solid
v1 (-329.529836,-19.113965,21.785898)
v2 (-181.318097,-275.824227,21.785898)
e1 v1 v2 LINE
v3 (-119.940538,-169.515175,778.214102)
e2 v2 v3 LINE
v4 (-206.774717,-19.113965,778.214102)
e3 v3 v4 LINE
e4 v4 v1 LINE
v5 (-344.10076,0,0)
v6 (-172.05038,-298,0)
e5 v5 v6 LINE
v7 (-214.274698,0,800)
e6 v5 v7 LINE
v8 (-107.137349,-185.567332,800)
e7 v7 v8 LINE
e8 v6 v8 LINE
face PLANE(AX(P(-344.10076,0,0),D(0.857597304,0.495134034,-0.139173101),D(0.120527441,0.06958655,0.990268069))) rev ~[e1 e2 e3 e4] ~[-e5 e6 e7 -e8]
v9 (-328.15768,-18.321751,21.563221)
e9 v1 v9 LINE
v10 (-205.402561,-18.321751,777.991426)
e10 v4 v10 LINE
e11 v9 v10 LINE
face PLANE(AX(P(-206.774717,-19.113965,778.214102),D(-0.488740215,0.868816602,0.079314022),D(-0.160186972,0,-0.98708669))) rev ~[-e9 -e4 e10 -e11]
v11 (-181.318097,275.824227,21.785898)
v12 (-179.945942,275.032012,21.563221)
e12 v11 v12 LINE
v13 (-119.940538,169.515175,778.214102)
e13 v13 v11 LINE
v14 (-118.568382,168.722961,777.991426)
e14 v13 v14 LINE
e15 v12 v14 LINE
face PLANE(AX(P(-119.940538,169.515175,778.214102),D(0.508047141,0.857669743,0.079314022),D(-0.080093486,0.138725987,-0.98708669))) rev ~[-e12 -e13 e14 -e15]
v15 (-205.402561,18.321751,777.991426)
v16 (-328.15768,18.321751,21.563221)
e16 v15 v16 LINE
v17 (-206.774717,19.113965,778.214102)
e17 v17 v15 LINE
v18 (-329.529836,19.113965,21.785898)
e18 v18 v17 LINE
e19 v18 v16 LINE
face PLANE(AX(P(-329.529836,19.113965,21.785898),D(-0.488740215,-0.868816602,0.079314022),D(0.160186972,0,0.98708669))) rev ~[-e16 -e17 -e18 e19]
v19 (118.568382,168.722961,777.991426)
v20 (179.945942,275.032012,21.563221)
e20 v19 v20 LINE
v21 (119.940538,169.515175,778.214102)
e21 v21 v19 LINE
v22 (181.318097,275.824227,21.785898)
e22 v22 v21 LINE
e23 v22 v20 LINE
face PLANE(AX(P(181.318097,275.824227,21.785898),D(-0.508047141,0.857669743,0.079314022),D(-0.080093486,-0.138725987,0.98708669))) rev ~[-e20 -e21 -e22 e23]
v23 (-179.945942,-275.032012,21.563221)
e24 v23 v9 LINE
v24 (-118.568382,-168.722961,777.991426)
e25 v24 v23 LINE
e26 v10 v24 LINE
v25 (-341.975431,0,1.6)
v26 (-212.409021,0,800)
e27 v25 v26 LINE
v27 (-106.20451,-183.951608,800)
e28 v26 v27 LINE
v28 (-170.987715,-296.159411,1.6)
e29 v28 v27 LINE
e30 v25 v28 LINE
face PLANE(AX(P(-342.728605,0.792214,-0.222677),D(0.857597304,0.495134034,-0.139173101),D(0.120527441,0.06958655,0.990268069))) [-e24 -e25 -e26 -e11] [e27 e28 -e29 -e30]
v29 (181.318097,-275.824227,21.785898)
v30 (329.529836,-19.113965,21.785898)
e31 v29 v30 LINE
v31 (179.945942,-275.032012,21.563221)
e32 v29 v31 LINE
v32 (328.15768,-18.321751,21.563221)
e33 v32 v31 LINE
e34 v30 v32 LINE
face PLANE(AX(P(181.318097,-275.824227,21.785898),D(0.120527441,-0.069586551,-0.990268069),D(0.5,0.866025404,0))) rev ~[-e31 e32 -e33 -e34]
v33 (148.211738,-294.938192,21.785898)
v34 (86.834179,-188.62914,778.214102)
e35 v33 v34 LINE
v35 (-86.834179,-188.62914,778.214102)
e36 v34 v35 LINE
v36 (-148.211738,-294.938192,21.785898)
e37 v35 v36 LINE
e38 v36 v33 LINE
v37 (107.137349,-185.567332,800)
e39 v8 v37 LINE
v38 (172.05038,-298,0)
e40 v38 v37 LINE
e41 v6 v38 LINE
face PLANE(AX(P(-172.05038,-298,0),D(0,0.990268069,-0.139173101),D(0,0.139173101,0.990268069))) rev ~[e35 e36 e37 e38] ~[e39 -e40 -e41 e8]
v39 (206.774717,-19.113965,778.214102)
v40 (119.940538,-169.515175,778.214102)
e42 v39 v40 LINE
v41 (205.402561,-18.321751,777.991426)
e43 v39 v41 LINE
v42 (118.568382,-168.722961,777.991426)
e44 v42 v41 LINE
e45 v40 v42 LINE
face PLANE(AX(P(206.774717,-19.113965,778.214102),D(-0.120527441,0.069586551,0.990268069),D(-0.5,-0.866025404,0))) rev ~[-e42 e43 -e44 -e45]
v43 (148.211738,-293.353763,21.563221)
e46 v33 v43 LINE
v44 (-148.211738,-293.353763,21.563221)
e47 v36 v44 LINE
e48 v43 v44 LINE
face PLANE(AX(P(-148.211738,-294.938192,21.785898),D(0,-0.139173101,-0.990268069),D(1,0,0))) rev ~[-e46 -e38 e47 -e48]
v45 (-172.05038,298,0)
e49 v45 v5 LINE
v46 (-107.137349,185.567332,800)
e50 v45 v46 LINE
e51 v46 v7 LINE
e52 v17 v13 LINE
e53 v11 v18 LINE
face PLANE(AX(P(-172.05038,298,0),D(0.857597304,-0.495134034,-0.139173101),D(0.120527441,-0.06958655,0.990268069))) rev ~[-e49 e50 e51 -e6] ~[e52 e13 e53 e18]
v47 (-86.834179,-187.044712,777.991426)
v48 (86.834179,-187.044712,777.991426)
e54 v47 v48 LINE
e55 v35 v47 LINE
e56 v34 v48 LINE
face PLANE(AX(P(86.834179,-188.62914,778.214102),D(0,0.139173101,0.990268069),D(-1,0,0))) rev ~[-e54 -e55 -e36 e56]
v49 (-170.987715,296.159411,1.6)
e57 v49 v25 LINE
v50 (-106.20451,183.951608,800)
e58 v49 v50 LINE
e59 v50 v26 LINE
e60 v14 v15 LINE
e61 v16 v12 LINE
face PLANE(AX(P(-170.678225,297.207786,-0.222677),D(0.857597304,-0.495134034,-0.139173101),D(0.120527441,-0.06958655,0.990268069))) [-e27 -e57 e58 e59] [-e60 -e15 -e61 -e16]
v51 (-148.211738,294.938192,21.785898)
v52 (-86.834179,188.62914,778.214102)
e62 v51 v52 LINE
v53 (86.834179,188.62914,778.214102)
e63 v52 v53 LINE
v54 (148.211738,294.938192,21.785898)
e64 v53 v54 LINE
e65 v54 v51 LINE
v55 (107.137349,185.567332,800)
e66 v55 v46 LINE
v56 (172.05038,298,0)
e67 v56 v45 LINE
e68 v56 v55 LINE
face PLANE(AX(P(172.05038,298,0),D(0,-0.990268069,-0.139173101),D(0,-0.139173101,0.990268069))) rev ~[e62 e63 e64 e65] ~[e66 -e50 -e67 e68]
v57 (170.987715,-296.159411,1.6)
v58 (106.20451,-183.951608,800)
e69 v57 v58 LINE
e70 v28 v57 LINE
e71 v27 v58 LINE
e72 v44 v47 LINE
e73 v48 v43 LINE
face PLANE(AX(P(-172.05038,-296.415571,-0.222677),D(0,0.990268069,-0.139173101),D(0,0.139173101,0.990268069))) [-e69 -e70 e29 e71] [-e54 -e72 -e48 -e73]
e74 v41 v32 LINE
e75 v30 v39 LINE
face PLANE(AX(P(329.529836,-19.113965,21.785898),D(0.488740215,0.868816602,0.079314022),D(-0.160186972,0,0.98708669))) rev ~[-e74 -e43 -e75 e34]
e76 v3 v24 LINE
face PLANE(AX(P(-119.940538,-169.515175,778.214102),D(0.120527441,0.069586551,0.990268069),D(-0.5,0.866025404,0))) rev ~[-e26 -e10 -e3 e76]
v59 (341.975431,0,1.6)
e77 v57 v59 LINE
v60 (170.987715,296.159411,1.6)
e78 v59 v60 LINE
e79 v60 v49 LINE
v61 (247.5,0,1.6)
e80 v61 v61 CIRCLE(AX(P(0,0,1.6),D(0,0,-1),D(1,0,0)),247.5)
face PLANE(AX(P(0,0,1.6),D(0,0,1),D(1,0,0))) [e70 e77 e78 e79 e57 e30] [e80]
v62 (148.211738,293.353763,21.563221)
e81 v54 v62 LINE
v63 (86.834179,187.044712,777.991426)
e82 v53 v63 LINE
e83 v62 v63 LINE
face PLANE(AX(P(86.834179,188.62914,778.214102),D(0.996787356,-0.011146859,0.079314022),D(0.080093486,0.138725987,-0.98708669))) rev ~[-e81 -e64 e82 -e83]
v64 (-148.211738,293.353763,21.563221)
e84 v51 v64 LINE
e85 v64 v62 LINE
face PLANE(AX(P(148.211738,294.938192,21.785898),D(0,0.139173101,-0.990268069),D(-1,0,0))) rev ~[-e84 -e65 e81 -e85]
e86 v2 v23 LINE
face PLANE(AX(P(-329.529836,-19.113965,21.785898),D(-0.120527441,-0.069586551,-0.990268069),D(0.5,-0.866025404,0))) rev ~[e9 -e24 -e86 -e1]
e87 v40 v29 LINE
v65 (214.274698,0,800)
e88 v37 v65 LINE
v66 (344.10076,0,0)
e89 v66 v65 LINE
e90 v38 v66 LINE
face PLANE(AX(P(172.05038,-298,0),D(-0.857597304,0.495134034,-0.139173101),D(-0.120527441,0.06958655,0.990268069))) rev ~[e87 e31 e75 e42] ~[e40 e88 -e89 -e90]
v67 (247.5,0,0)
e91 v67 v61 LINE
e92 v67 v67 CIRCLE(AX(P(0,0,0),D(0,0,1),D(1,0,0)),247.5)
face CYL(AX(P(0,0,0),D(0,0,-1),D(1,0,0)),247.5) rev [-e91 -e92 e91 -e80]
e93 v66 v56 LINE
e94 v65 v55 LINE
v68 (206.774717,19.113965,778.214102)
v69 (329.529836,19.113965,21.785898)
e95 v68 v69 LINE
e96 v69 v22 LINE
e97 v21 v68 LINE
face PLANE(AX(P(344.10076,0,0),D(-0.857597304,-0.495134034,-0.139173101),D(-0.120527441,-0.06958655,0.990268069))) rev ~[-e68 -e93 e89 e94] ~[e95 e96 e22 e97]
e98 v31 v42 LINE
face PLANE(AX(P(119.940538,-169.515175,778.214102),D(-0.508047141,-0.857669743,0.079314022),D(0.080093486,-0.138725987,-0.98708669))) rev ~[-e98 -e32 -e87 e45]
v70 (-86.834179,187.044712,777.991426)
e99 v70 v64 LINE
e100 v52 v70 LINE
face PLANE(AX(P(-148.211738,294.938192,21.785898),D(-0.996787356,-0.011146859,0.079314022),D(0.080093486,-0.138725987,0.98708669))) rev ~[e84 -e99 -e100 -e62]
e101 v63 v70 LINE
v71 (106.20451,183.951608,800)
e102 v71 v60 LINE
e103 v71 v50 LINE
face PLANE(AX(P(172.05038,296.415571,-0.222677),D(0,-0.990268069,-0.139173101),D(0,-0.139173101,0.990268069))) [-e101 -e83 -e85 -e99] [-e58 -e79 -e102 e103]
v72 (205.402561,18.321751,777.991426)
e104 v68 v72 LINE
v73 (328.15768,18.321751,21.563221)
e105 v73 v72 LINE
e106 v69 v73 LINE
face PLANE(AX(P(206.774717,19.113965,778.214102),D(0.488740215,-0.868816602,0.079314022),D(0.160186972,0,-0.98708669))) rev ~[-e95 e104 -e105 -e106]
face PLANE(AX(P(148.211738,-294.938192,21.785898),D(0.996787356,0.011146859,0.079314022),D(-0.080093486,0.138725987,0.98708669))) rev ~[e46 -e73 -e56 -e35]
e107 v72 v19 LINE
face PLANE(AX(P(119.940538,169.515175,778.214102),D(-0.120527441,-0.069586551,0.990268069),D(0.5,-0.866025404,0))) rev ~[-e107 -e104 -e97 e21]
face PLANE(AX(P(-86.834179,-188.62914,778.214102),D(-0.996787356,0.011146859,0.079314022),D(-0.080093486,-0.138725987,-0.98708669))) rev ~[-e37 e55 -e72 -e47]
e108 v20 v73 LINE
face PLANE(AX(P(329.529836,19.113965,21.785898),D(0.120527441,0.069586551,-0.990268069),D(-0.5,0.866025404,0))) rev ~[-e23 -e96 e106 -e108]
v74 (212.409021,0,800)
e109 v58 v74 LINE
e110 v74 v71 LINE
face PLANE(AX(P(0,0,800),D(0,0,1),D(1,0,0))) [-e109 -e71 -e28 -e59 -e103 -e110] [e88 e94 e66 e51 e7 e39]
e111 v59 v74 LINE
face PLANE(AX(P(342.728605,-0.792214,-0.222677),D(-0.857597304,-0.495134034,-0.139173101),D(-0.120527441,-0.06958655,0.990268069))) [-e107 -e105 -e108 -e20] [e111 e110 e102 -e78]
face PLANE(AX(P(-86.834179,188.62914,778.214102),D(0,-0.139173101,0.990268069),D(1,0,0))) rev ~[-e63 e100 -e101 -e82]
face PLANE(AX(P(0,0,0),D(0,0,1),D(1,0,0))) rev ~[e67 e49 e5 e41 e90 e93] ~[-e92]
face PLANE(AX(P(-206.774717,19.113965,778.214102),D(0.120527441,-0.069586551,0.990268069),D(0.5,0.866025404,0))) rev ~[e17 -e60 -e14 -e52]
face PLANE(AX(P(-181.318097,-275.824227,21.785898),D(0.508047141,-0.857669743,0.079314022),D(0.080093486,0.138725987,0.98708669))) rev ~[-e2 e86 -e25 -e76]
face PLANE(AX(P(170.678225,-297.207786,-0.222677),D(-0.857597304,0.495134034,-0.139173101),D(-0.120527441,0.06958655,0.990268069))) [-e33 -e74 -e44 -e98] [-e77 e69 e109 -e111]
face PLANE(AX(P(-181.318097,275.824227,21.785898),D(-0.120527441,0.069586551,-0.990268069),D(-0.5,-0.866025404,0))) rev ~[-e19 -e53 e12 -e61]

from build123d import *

# Parameters (mm, degrees)
F1_DEPTH  = 800
F1_TAPER  = 8
F2_T      = -1.6
F3_R      = 247.5
F4_DEPTH  = 25
F6_DEPTH  = 25
F8_DEPTH  = 25
F10_DEPTH = 25
F12_DEPTH = 25
F14_DEPTH = 25
F16_DEPTH = 25


with BuildPart() as f1:
    # F0 (on Top) → F1 (new body)
    with BuildSketch(Plane.XY):
        Polygon((172.0503802185, 298), (-172.0503802185, 298), (-344.100760437, 0), (-172.0503802185, -298), (172.0503802185, -298), (344.100760437, 0), align=None)
    extrude(amount=F1_DEPTH, taper=F1_TAPER)

    # F2
    f2_openings = [f1.faces().sort_by_distance(p)[0] for p in [
        (0, 0, 800),
    ]]
    offset(amount=F2_T, openings=f2_openings)

    # F3 (on face) → F4 (cut)
    with BuildSketch(Plane.XY):
        Circle(F3_R)
    extrude(amount=F4_DEPTH, mode=Mode.SUBTRACT)

    # F5 (on face) → F6 (cut)
    with BuildSketch(Plane(origin=(0, -292.2279926948, 41.0699660167), x_dir=(1, 0, 0), z_dir=(0, -0.9902680687, 0.139173101))):
        Polygon((-86.8341790619, 744.3884739288), (-148.2117384586, -19.4735840861), (148.2117384586, -19.4735840861), (86.8341790619, 744.3884739288), align=None)
    extrude(amount=-F6_DEPTH, mode=Mode.SUBTRACT)

    # F7 (on face) → F8 (cut)
    with BuildSketch(Plane(origin=(-253.0768653706, -146.1139963474, 41.0699660167), x_dir=(0.4887402152, -0.8688166021, -0.0793140218), z_dir=(-0.8575973041, -0.4951340344, 0.139173101))):
        Polygon((-146.1758796985, 735.0421667944), (-146.1758796985, -31.2818172178), (149.2952941729, -7.540227576), (26.934543851, 748.9518710297), align=None)
    extrude(amount=-F8_DEPTH, mode=Mode.SUBTRACT)

    # F9 (on face) → F10 (cut)
    with BuildSketch(Plane(origin=(-253.0768653706, 146.1139963474, 41.0699660167), x_dir=(-0.4887402152, -0.8688166021, 0.0793140218), z_dir=(-0.8575973041, 0.4951340344, 0.139173101))):
        Polygon((146.1758796985, 735.0421667944), (-26.934543851, 748.9518710297), (-149.2952941729, -7.540227576), (146.1758796985, -31.2818172178), align=None)
    extrude(amount=-F10_DEPTH, mode=Mode.SUBTRACT)

    # F11 (on face) → F12 (cut)
    with BuildSketch(Plane(origin=(0, 292.2279926948, 41.0699660167), x_dir=(-1, 0, 0), z_dir=(0, 0.9902680687, 0.139173101))):
        Polygon((-148.2117384586, -19.4735840861), (148.2117384586, -19.4735840861), (86.8341790619, 744.3884739288), (-86.8341790619, 744.3884739288), align=None)
    extrude(amount=-F12_DEPTH, mode=Mode.SUBTRACT)

    # F13 (on face) → F14 (cut)
    with BuildSketch(Plane(origin=(253.0768653706, 146.1139963474, 41.0699660167), x_dir=(-0.4887402152, 0.8688166021, -0.0793140218), z_dir=(0.8575973041, 0.4951340344, 0.139173101))):
        Polygon((26.934543851, 748.9518710297), (-146.1758796985, 735.0421667944), (-146.1758796985, -31.2818172178), (149.2952941729, -7.540227576), align=None)
    extrude(amount=-F14_DEPTH, mode=Mode.SUBTRACT)

    # F15 (on face) → F16 (cut)
    with BuildSketch(Plane(origin=(253.0768653706, -146.1139963474, 41.0699660167), x_dir=(0.4887402152, 0.8688166021, 0.0793140218), z_dir=(0.8575973041, -0.4951340344, 0.139173101))):
        Polygon((-26.934543851, 748.9518710297), (-149.2952941729, -7.540227576), (146.1758796985, -31.2818172178), (146.1758796985, 735.0421667944), align=None)
    extrude(amount=-F16_DEPTH, mode=Mode.SUBTRACT)


solid = f1.part
